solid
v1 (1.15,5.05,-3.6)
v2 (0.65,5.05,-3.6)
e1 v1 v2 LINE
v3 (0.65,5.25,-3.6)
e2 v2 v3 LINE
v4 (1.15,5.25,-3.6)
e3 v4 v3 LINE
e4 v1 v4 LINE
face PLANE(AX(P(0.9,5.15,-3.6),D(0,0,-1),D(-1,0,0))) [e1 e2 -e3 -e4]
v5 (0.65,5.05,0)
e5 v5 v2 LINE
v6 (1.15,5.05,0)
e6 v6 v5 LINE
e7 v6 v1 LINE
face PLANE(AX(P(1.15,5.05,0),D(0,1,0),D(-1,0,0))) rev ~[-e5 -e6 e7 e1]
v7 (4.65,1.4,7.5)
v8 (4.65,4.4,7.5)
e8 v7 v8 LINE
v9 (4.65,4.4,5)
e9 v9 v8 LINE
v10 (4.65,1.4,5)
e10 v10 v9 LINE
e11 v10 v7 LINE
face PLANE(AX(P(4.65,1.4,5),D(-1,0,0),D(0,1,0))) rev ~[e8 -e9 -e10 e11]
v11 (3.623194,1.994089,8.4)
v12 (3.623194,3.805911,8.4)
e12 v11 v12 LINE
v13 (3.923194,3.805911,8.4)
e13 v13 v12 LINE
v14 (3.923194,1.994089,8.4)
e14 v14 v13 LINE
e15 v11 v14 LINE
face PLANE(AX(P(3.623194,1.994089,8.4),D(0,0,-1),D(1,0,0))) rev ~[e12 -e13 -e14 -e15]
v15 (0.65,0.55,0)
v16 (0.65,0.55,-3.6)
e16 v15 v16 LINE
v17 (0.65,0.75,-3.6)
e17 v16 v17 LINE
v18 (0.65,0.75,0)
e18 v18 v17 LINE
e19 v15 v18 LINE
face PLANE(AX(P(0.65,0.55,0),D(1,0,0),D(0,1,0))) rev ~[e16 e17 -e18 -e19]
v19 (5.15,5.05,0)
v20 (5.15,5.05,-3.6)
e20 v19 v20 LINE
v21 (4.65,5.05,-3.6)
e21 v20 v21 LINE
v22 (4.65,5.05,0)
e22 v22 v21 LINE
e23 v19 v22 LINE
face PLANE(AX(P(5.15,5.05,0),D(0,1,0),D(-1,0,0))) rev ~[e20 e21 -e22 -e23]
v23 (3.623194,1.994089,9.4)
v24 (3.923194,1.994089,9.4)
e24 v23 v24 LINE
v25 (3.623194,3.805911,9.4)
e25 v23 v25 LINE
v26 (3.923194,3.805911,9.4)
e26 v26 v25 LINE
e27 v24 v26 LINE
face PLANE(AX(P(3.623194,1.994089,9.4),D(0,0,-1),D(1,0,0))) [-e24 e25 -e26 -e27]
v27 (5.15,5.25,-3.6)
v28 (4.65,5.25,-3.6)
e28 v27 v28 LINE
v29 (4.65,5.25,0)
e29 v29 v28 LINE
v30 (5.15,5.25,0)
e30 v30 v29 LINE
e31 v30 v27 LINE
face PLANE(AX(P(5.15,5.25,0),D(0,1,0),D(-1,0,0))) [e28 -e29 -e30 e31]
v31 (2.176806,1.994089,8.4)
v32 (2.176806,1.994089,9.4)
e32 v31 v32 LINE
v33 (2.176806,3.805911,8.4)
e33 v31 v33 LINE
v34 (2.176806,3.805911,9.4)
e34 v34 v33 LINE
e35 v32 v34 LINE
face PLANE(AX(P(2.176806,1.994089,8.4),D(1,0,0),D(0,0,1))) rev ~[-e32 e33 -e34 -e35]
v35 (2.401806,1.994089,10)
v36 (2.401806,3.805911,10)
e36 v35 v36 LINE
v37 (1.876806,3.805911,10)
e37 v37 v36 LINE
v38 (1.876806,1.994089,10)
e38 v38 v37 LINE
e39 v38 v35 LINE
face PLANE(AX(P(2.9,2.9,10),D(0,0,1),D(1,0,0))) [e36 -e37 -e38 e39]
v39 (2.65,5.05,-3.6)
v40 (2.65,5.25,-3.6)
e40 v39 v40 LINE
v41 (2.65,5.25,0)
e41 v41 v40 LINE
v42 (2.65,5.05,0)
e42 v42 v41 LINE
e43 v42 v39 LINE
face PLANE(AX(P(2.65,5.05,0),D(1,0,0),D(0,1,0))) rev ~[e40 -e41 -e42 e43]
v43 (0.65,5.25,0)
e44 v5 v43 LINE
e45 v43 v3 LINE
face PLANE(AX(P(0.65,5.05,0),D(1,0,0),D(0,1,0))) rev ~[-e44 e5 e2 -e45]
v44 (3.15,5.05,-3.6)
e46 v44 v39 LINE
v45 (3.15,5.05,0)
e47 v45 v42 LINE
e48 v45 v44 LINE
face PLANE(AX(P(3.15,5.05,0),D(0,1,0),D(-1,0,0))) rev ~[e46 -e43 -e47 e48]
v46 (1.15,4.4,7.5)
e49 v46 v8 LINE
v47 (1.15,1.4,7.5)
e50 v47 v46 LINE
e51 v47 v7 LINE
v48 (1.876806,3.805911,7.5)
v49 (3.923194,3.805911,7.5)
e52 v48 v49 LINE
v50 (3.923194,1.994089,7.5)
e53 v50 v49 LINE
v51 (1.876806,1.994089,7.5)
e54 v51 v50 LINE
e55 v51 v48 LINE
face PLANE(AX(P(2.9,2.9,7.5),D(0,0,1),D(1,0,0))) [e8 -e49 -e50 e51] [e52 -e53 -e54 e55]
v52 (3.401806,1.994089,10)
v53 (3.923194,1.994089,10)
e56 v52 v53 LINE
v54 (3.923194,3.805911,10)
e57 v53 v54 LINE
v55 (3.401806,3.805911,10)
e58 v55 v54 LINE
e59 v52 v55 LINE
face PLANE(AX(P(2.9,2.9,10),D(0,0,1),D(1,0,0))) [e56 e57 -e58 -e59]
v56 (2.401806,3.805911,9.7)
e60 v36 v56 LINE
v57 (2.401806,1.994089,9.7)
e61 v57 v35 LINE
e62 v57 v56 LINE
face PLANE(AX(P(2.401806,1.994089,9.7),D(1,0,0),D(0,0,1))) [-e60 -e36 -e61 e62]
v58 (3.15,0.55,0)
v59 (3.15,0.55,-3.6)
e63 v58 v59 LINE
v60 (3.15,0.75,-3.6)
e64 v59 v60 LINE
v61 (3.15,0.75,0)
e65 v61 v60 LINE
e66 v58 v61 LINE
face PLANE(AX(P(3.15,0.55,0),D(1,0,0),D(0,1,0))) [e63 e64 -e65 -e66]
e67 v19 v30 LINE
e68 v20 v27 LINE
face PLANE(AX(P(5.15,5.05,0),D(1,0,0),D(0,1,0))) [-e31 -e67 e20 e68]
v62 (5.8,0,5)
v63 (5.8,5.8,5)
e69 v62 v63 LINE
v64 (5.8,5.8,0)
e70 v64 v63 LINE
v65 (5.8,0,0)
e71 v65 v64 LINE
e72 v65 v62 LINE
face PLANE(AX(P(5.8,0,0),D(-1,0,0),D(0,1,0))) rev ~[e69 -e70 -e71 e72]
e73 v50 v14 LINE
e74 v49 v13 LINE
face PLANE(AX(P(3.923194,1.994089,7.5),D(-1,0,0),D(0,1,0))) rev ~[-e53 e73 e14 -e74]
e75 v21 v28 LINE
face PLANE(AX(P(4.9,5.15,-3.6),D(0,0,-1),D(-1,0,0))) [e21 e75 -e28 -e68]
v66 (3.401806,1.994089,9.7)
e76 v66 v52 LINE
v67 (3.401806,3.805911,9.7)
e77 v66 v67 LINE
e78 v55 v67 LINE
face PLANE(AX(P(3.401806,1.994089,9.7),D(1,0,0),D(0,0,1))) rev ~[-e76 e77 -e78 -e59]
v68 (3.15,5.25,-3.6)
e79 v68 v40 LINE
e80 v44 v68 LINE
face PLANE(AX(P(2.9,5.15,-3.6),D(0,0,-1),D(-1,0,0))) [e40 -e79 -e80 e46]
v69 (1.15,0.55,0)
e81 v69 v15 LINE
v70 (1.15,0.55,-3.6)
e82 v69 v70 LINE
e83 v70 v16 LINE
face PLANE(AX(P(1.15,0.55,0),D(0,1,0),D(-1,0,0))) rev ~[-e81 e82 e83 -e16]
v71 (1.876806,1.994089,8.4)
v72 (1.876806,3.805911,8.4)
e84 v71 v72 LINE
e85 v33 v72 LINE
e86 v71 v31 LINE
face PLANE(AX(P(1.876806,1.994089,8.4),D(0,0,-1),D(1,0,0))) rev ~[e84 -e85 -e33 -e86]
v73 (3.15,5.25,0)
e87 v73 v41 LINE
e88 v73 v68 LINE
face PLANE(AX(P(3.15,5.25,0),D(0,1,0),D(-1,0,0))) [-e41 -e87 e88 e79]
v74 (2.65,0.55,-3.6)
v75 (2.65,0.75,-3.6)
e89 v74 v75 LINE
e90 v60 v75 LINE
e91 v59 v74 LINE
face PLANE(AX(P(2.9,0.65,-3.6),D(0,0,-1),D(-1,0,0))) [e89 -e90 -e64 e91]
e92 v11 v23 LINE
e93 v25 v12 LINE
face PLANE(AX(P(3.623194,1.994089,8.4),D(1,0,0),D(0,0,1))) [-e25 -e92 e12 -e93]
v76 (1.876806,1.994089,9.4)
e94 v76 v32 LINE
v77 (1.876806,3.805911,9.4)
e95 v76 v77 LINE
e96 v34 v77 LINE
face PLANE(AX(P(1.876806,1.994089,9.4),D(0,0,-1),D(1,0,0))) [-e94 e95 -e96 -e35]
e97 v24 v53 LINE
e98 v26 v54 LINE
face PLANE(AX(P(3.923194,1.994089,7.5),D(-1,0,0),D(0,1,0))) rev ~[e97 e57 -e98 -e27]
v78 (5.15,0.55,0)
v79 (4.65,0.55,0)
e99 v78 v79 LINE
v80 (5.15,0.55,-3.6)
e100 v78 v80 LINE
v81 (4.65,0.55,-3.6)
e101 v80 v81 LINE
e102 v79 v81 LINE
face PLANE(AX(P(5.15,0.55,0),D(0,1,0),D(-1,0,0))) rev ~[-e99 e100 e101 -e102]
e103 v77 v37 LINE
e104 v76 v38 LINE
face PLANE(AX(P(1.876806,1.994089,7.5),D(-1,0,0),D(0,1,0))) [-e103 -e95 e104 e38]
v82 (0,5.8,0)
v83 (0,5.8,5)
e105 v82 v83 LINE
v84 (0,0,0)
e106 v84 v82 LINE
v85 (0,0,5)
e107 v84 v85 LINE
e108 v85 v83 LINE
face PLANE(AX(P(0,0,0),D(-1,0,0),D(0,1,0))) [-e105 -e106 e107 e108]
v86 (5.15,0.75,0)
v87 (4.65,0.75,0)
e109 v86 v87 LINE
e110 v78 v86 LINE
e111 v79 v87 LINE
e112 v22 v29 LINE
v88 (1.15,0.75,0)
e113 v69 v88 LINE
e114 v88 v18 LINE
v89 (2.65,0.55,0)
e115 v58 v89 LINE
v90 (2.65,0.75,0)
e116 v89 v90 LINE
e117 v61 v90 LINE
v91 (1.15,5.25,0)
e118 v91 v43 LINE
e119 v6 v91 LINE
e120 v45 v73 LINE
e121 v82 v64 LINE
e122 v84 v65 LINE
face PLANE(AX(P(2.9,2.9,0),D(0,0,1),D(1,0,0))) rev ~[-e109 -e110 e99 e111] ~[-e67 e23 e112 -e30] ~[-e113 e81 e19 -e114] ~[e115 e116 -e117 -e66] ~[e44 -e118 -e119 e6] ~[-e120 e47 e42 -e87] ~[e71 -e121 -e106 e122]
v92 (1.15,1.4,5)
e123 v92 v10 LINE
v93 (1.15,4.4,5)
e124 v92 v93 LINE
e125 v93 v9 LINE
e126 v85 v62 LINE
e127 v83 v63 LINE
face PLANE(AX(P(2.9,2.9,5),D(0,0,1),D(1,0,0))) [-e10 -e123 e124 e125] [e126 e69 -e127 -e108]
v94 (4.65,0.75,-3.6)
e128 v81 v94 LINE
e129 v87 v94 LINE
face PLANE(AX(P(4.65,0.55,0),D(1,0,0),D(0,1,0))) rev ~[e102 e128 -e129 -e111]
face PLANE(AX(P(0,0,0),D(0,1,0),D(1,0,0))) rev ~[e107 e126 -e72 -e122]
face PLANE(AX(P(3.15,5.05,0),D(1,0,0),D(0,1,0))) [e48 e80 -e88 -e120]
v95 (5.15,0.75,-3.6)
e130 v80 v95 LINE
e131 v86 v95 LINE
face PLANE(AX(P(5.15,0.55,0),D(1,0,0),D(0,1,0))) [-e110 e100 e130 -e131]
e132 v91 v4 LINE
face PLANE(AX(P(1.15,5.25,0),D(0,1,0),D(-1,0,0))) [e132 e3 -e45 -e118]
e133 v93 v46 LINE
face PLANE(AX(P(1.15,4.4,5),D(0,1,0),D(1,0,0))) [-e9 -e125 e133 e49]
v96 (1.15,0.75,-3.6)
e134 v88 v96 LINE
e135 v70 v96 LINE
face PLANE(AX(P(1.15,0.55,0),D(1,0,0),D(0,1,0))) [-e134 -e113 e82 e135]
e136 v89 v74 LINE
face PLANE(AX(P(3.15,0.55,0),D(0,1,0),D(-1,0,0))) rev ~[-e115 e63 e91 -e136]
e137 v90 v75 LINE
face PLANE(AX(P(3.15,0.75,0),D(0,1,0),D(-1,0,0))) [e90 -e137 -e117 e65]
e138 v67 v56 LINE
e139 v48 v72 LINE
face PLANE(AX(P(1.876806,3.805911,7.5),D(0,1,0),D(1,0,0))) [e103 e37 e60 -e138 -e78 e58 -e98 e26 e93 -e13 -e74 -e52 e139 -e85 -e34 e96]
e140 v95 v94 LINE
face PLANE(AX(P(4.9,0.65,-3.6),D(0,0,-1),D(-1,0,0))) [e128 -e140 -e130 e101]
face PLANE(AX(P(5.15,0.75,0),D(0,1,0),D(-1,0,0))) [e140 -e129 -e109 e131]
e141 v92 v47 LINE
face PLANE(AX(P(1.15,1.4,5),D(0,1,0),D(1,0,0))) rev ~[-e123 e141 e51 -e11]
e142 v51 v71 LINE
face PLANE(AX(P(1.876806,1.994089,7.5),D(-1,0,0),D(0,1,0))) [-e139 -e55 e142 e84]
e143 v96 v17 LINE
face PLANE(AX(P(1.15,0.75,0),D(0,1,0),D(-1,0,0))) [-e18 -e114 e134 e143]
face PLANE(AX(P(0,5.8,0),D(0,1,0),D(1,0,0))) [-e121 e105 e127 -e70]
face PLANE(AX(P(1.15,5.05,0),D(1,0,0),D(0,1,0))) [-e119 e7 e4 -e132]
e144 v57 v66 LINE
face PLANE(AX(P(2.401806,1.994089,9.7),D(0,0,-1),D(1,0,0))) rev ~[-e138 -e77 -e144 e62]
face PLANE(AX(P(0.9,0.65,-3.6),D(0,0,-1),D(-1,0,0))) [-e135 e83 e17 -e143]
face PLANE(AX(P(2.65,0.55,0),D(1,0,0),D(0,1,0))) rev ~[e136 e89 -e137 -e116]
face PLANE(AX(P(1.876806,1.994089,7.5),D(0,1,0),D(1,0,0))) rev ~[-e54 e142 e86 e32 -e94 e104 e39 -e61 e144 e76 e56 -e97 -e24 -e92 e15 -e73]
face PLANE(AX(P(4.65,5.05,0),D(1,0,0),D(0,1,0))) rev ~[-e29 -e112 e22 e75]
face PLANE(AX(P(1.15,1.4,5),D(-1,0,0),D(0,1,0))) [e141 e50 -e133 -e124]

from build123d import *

# Parameters (mm, degrees)
SKETCH1_W           = 5.8
SKETCH1_H           = 5.8
BOSS_EXTRUDE2_DEPTH = 5
SKETCH3_W           = 3.5
SKETCH3_H           = 3
BOSS_EXTRUDE3_DEPTH = 2.5
SKETCH4_W           = 2.046388996
SKETCH4_H           = 1.811822668
BOSS_EXTRUDE4_DEPTH = 2.5
SKETCH5_W           = 0.5
SKETCH5_H           = 0.2
BOSS_EXTRUDE5_DEPTH = 3.6
SKETCH6_W           = 1
SKETCH6_H           = 0.3
SKETCH6_W_2         = 0.3
SKETCH6_H_2         = 1
CUT_EXTRUDE1_DEPTH  = 2


with BuildPart() as part:
    # Sketch1 → Boss-Extrude2 (new body)
    with BuildSketch(Plane.XY):
        with Locations((2.9, 2.9)):
            Rectangle(SKETCH1_W, SKETCH1_H)
    extrude(amount=BOSS_EXTRUDE2_DEPTH)

    # Sketch3 → Boss-Extrude3 (add)
    with BuildSketch(Plane.XY.offset(5)):
        with Locations((2.9, 2.9)):
            Rectangle(SKETCH3_W, SKETCH3_H)
    extrude(amount=BOSS_EXTRUDE3_DEPTH)

    # Sketch4 → Boss-Extrude4 (add)
    with BuildSketch(Plane.XY.offset(7.5)):
        with Locations((2.9, 2.9)):
            Rectangle(SKETCH4_W, SKETCH4_H)
    extrude(amount=BOSS_EXTRUDE4_DEPTH)

    # Sketch5 → Boss-Extrude5 (add)
    with BuildSketch(Plane(origin=(0, 0, 0), x_dir=(-1, 0, 0), z_dir=(0, 0, -1))):
        with Locations((-4.9, 5.15)):
            Rectangle(SKETCH5_W, SKETCH5_H)
        with Locations((-2.9, 5.15)):
            Rectangle(SKETCH5_W, SKETCH5_H)
        with Locations((-0.9, 5.15)):
            Rectangle(SKETCH5_W, SKETCH5_H)
        with Locations((-0.9, 0.65)):
            Rectangle(SKETCH5_W, SKETCH5_H)
        with Locations((-2.9, 0.65)):
            Rectangle(SKETCH5_W, SKETCH5_H)
        with Locations((-4.9, 0.65)):
            Rectangle(SKETCH5_W, SKETCH5_H)
    extrude(amount=BOSS_EXTRUDE5_DEPTH)

    # Sketch6 → Cut-Extrude1 (cut)
    with BuildSketch(Plane.XZ.offset(-1.994088666)):
        with Locations((2.901805502, 9.85)):
            Rectangle(SKETCH6_W, SKETCH6_H)
        with Locations((2.026805502, 8.9)):
            Rectangle(SKETCH6_W_2, SKETCH6_H_2)
        with Locations((3.773194498, 8.9)):
            Rectangle(SKETCH6_W_2, SKETCH6_H_2)
    extrude(amount=-CUT_EXTRUDE1_DEPTH, mode=Mode.SUBTRACT)


solid = part.part
